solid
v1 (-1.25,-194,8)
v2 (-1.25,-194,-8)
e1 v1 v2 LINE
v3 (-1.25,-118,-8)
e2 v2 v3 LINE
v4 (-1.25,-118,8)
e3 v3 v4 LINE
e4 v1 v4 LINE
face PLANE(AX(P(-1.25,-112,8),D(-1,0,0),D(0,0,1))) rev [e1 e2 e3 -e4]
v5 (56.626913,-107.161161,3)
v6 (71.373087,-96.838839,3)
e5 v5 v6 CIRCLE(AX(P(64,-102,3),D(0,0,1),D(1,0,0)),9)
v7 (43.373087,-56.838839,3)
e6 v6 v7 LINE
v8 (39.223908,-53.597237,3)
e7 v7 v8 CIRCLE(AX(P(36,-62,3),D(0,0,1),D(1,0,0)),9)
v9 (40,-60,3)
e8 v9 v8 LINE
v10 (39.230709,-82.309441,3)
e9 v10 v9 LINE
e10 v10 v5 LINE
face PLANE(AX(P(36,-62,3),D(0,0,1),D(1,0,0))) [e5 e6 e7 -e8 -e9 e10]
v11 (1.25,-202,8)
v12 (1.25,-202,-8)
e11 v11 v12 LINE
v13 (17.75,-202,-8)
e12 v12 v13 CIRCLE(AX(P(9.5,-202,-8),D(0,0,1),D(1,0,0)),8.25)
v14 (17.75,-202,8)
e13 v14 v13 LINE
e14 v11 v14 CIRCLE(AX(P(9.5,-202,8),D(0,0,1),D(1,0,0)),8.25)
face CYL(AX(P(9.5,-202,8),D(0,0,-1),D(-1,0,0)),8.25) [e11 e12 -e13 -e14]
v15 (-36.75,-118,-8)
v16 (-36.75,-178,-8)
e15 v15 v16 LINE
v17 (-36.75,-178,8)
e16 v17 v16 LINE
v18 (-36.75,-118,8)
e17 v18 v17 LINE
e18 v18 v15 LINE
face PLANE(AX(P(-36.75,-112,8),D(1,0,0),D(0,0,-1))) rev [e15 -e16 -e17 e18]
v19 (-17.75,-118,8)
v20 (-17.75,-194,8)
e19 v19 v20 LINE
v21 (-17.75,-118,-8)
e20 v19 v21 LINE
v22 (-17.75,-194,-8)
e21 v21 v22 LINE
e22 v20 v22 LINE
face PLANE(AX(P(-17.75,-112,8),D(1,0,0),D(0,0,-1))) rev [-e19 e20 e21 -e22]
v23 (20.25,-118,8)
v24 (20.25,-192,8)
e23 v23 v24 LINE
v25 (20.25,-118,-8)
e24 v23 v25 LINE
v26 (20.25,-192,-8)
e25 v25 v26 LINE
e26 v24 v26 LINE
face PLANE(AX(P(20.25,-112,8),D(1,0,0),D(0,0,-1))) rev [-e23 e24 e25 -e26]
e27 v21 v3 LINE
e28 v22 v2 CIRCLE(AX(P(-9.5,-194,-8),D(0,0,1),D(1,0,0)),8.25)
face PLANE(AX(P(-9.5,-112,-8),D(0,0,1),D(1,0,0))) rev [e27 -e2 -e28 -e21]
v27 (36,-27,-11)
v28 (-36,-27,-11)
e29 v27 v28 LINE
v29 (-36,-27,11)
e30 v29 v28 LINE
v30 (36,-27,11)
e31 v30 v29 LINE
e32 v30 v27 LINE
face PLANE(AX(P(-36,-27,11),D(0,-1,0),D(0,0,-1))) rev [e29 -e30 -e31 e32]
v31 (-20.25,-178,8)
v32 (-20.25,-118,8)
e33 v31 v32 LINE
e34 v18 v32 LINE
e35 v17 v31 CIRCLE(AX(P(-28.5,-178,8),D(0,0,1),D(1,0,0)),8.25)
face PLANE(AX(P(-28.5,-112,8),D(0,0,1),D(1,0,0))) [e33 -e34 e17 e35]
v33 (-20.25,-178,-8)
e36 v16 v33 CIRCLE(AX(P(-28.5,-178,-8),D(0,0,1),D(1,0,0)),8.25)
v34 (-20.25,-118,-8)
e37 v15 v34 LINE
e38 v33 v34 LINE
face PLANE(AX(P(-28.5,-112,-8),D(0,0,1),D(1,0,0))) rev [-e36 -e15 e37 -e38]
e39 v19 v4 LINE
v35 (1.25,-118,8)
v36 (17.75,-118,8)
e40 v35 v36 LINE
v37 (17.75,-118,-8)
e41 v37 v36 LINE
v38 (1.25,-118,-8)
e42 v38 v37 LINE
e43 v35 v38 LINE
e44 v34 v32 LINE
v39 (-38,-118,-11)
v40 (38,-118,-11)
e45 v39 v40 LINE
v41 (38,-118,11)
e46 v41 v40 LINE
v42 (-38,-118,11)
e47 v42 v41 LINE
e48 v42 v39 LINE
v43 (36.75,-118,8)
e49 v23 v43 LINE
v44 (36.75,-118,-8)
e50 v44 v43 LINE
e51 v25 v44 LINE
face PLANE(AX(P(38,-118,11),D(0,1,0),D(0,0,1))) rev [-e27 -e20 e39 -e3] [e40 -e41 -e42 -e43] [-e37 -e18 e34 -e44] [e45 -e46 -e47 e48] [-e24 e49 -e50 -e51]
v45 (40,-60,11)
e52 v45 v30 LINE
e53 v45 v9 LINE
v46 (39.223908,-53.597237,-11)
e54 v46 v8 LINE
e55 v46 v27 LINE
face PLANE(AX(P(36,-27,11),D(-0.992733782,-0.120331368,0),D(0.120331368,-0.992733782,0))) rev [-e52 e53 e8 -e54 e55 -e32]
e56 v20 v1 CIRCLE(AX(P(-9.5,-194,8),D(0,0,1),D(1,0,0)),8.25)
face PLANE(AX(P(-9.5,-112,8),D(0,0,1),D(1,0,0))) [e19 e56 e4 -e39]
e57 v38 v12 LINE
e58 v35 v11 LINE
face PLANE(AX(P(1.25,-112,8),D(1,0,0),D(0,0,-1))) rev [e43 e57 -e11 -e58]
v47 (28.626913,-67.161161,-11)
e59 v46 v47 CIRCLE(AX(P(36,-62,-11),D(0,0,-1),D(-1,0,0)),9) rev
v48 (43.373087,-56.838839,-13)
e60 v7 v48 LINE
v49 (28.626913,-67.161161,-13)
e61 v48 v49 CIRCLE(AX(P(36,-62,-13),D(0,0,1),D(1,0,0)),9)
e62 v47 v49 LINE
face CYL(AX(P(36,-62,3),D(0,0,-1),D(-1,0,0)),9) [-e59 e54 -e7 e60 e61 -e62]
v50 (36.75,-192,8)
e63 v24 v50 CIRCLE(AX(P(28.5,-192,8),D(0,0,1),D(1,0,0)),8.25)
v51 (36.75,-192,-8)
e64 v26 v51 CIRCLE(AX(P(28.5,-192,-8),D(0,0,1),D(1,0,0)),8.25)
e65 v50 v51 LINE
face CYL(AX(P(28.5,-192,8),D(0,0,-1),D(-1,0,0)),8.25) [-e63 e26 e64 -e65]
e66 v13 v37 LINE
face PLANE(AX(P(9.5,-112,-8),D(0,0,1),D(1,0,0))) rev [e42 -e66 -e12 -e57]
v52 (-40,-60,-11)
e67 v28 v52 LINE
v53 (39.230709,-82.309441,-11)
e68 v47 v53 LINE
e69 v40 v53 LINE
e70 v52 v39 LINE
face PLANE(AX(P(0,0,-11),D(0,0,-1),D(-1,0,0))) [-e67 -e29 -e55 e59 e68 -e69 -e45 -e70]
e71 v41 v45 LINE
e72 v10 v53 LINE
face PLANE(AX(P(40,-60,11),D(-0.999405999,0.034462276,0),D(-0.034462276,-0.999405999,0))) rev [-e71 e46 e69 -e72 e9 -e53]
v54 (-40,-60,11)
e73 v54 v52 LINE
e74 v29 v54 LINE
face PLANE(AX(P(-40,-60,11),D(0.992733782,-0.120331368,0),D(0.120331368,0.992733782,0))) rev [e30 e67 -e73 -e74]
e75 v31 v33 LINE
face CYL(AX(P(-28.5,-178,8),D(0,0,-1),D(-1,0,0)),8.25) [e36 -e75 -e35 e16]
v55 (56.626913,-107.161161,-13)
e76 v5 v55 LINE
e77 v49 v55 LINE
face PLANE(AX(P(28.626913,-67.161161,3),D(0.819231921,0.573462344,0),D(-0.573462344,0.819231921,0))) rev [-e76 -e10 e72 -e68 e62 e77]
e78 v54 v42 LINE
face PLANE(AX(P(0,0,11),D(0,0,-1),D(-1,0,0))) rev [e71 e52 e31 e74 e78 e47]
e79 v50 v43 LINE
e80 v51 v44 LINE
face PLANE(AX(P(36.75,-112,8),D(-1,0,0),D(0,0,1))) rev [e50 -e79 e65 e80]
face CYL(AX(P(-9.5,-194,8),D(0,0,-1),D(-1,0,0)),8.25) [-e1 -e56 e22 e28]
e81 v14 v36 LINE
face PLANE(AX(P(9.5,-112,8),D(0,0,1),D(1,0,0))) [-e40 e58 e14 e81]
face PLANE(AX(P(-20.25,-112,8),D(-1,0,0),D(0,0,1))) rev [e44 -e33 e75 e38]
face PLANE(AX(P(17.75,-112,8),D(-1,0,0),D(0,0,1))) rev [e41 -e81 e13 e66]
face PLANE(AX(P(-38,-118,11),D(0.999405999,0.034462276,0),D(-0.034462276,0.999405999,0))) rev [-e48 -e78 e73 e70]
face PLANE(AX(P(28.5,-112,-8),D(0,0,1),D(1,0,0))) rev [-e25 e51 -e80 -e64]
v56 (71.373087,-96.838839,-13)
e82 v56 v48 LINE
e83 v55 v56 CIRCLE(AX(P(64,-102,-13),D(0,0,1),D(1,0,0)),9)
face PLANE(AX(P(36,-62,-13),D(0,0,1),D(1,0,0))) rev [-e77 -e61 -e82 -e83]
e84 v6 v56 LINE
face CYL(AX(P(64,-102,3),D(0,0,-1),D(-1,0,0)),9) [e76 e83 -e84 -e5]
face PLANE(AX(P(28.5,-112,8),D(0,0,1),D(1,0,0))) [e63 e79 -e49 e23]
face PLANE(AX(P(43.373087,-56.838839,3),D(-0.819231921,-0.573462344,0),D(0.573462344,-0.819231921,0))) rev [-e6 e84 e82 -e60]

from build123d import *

# Parameters (mm, degrees)
PALMA_DEPTH   = 22
MENIQUE_DEPTH = 16
ANULAR_DEPTH  = 16
MEDIO_DEPTH   = 16
INDICE_DEPTH  = 16
PULGAR_DEPTH  = 16


with BuildPart() as part:
    # Sketch1 → Palma (new body)
    with BuildSketch(Plane.XY.offset(-11)):
        Polygon((-36, -27), (36, -27), (40, -60), (38, -118), (-38, -118), (-40, -60), align=None)
    extrude(amount=PALMA_DEPTH)

    # Sketch2 → Menique (add)
    with BuildSketch(Plane.XY.offset(-8)):
        with BuildLine():
            Line((-20.25, -112), (-20.25, -178))
            ThreePointArc((-20.25, -178), (-28.5, -186.25), (-36.75, -178))
            Line((-36.75, -178), (-36.75, -112))
            ThreePointArc((-36.75, -112), (-28.5, -103.75), (-20.25, -112))
        make_face()
    extrude(amount=MENIQUE_DEPTH)

    # Sketch3 → Anular (add)
    with BuildSketch(Plane.XY.offset(-8)):
        with BuildLine():
            Line((-1.25, -112), (-1.25, -194))
            ThreePointArc((-1.25, -194), (-9.5, -202.25), (-17.75, -194))
            Line((-17.75, -194), (-17.75, -112))
            ThreePointArc((-17.75, -112), (-9.5, -103.75), (-1.25, -112))
        make_face()
    extrude(amount=ANULAR_DEPTH)

    # Sketch4 → Medio (add)
    with BuildSketch(Plane.XY.offset(-8)):
        with BuildLine():
            Line((17.75, -112), (17.75, -202))
            ThreePointArc((17.75, -202), (9.5, -210.25), (1.25, -202))
            Line((1.25, -202), (1.25, -112))
            ThreePointArc((1.25, -112), (9.5, -103.75), (17.75, -112))
        make_face()
    extrude(amount=MEDIO_DEPTH)

    # Sketch5 → Indice (add)
    with BuildSketch(Plane.XY.offset(-8)):
        with BuildLine():
            Line((36.75, -112), (36.75, -192))
            ThreePointArc((36.75, -192), (28.5, -200.25), (20.25, -192))
            Line((20.25, -192), (20.25, -112))
            ThreePointArc((20.25, -112), (28.5, -103.75), (36.75, -112))
        make_face()
    extrude(amount=INDICE_DEPTH)

    # Sketch6 → Pulgar (add)
    with BuildSketch(Plane.XY.offset(-13)):
        with BuildLine():
            Line((43.373087285, -56.838838901), (71.373087285, -96.838838901))
            ThreePointArc((71.373087285, -96.838838901), (69.161161099, -109.373087285), (56.626912715, -107.161161099))
            Line((56.626912715, -107.161161099), (28.626912715, -67.161161099))
            ThreePointArc((28.626912715, -67.161161099), (30.838838901, -54.626912715), (43.373087285, -56.838838901))
        make_face()
    extrude(amount=PULGAR_DEPTH)


solid = part.part
